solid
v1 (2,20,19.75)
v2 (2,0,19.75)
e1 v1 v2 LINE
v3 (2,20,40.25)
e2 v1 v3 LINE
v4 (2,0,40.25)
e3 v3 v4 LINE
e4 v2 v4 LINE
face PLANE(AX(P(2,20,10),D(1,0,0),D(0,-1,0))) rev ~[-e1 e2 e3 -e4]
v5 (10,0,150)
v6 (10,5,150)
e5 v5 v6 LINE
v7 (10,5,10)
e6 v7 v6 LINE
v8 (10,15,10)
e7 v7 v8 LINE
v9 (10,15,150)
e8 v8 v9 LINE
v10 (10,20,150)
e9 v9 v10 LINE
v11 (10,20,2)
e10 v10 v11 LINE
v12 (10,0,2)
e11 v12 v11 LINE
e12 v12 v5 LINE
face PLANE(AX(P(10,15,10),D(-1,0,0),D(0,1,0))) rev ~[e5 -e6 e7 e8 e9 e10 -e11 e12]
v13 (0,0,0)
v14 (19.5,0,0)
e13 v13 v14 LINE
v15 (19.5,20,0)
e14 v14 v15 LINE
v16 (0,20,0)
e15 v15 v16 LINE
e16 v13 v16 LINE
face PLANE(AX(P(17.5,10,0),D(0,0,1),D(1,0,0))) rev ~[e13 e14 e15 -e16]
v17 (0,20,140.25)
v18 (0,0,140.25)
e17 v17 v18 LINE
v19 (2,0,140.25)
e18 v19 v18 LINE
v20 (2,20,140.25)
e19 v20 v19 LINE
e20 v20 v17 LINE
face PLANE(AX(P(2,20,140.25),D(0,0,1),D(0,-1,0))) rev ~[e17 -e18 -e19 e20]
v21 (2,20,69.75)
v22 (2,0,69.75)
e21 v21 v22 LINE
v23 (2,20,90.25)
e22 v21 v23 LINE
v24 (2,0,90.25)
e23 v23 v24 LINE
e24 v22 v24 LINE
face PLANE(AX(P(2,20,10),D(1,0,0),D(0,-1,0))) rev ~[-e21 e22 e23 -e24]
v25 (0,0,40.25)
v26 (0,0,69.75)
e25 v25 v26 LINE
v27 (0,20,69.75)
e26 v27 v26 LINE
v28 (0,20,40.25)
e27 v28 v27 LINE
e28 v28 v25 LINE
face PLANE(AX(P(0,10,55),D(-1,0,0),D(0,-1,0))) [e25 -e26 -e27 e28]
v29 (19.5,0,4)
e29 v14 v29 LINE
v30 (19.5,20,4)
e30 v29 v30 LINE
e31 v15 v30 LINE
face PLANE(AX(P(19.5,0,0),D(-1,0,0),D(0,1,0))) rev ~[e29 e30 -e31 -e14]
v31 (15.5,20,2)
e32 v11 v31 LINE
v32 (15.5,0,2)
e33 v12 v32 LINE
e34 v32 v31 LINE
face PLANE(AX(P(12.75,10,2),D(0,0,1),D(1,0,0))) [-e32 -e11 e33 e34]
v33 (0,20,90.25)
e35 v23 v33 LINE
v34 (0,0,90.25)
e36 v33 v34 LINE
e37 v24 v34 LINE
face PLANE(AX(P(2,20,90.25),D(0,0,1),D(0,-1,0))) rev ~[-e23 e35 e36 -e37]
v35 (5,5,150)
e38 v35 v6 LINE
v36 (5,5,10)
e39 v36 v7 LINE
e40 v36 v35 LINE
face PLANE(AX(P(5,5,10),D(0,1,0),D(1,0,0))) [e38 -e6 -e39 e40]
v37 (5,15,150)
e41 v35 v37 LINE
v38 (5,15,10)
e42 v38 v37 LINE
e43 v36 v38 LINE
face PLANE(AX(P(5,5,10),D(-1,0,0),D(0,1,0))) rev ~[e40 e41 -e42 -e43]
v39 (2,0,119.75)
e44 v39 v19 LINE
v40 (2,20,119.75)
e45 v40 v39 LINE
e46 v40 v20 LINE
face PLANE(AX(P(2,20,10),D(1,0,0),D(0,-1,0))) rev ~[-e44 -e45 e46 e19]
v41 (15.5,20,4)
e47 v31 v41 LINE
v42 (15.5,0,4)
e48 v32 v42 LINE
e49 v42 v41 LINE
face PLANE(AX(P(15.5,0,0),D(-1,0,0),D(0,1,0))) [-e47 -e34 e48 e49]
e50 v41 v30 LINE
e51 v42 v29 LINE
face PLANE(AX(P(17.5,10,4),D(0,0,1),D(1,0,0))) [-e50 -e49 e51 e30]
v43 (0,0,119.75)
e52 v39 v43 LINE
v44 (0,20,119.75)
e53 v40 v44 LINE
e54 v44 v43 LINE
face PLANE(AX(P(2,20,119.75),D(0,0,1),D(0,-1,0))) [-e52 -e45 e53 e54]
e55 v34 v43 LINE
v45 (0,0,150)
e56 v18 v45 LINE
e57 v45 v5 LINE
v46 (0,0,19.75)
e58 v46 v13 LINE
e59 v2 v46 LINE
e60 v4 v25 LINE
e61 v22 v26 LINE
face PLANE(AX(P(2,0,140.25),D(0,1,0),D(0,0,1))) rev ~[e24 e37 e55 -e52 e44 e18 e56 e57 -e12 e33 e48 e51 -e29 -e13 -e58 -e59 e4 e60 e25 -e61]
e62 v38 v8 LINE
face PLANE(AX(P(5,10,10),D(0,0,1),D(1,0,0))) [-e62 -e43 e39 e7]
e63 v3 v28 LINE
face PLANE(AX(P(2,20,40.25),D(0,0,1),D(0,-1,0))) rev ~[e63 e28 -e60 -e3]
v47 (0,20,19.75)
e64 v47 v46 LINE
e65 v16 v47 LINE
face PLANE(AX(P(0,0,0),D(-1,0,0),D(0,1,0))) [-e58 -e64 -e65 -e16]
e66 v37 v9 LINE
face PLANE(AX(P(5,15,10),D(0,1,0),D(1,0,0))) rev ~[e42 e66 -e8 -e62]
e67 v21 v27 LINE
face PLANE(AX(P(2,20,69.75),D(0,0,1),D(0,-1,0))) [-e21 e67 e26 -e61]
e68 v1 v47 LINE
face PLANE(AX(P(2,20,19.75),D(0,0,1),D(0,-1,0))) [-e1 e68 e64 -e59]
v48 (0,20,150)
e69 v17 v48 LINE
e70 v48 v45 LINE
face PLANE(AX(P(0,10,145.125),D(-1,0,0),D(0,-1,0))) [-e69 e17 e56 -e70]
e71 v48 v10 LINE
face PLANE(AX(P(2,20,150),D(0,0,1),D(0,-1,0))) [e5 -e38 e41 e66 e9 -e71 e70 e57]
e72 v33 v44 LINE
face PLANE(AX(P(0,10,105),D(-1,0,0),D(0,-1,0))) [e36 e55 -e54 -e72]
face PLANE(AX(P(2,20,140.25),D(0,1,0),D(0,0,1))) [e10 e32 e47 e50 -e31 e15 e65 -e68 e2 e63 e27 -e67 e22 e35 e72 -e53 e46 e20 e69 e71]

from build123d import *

# Parameters (mm, degrees)
F0_W     = 10
F0_H     = 20
F1_DEPTH = 10
F2_W     = 5.5
F2_H     = 20
F3_DEPTH = 2
F4_W     = 4
F4_H     = 20
F5_DEPTH = 4
F6_W     = 5
F6_H     = 5
F7_DEPTH = 140
F8_W     = 20
F8_H     = 9.75
F8_H_2   = 29.5
F9_DEPTH = 2


with BuildPart() as f1:
    # F0 (on Top) → F1 (new body)
    with BuildSketch(Plane.XY):
        with Locations((5, 10)):
            Rectangle(F0_W, F0_H)
    extrude(amount=F1_DEPTH)

    # F2 (on Top) → F3 (join)
    with BuildSketch(Plane.XY):
        with Locations((12.75, 10)):
            Rectangle(F2_W, F2_H)
    extrude(amount=F3_DEPTH)

    # F4 (on Top) → F5 (join)
    with BuildSketch(Plane.XY):
        with Locations((17.5, 10)):
            Rectangle(F4_W, F4_H)
    extrude(amount=F5_DEPTH)

    # F6 (on face) → F7 (join)
    with BuildSketch(Plane.XY.offset(10)):
        Polygon((5, 20), (2, 20), (2, 0), (5, 0), (5, 5), (5, 15), align=None)
        with Locations((7.5, 17.5)):
            Rectangle(F6_W, F6_H)
        with Locations((7.5, 2.5)):
            Rectangle(F6_W, F6_H)
    extrude(amount=F7_DEPTH)

    # F8 (on face) → F9 (join)
    with BuildSketch(Plane(origin=(2, 0, 0), x_dir=(0, -1, 0), z_dir=(-1, 0, 0))):
        with Locations((-10, 145.125)):
            Rectangle(F8_W, F8_H)
        with Locations((-10, 105)):
            Rectangle(F8_W, F8_H_2)
        with Locations((-10, 55)):
            Rectangle(F8_W, F8_H_2)
        with Locations((-10, 14.875)):
            Rectangle(F8_W, F8_H)
    extrude(amount=F9_DEPTH)


solid = f1.part
